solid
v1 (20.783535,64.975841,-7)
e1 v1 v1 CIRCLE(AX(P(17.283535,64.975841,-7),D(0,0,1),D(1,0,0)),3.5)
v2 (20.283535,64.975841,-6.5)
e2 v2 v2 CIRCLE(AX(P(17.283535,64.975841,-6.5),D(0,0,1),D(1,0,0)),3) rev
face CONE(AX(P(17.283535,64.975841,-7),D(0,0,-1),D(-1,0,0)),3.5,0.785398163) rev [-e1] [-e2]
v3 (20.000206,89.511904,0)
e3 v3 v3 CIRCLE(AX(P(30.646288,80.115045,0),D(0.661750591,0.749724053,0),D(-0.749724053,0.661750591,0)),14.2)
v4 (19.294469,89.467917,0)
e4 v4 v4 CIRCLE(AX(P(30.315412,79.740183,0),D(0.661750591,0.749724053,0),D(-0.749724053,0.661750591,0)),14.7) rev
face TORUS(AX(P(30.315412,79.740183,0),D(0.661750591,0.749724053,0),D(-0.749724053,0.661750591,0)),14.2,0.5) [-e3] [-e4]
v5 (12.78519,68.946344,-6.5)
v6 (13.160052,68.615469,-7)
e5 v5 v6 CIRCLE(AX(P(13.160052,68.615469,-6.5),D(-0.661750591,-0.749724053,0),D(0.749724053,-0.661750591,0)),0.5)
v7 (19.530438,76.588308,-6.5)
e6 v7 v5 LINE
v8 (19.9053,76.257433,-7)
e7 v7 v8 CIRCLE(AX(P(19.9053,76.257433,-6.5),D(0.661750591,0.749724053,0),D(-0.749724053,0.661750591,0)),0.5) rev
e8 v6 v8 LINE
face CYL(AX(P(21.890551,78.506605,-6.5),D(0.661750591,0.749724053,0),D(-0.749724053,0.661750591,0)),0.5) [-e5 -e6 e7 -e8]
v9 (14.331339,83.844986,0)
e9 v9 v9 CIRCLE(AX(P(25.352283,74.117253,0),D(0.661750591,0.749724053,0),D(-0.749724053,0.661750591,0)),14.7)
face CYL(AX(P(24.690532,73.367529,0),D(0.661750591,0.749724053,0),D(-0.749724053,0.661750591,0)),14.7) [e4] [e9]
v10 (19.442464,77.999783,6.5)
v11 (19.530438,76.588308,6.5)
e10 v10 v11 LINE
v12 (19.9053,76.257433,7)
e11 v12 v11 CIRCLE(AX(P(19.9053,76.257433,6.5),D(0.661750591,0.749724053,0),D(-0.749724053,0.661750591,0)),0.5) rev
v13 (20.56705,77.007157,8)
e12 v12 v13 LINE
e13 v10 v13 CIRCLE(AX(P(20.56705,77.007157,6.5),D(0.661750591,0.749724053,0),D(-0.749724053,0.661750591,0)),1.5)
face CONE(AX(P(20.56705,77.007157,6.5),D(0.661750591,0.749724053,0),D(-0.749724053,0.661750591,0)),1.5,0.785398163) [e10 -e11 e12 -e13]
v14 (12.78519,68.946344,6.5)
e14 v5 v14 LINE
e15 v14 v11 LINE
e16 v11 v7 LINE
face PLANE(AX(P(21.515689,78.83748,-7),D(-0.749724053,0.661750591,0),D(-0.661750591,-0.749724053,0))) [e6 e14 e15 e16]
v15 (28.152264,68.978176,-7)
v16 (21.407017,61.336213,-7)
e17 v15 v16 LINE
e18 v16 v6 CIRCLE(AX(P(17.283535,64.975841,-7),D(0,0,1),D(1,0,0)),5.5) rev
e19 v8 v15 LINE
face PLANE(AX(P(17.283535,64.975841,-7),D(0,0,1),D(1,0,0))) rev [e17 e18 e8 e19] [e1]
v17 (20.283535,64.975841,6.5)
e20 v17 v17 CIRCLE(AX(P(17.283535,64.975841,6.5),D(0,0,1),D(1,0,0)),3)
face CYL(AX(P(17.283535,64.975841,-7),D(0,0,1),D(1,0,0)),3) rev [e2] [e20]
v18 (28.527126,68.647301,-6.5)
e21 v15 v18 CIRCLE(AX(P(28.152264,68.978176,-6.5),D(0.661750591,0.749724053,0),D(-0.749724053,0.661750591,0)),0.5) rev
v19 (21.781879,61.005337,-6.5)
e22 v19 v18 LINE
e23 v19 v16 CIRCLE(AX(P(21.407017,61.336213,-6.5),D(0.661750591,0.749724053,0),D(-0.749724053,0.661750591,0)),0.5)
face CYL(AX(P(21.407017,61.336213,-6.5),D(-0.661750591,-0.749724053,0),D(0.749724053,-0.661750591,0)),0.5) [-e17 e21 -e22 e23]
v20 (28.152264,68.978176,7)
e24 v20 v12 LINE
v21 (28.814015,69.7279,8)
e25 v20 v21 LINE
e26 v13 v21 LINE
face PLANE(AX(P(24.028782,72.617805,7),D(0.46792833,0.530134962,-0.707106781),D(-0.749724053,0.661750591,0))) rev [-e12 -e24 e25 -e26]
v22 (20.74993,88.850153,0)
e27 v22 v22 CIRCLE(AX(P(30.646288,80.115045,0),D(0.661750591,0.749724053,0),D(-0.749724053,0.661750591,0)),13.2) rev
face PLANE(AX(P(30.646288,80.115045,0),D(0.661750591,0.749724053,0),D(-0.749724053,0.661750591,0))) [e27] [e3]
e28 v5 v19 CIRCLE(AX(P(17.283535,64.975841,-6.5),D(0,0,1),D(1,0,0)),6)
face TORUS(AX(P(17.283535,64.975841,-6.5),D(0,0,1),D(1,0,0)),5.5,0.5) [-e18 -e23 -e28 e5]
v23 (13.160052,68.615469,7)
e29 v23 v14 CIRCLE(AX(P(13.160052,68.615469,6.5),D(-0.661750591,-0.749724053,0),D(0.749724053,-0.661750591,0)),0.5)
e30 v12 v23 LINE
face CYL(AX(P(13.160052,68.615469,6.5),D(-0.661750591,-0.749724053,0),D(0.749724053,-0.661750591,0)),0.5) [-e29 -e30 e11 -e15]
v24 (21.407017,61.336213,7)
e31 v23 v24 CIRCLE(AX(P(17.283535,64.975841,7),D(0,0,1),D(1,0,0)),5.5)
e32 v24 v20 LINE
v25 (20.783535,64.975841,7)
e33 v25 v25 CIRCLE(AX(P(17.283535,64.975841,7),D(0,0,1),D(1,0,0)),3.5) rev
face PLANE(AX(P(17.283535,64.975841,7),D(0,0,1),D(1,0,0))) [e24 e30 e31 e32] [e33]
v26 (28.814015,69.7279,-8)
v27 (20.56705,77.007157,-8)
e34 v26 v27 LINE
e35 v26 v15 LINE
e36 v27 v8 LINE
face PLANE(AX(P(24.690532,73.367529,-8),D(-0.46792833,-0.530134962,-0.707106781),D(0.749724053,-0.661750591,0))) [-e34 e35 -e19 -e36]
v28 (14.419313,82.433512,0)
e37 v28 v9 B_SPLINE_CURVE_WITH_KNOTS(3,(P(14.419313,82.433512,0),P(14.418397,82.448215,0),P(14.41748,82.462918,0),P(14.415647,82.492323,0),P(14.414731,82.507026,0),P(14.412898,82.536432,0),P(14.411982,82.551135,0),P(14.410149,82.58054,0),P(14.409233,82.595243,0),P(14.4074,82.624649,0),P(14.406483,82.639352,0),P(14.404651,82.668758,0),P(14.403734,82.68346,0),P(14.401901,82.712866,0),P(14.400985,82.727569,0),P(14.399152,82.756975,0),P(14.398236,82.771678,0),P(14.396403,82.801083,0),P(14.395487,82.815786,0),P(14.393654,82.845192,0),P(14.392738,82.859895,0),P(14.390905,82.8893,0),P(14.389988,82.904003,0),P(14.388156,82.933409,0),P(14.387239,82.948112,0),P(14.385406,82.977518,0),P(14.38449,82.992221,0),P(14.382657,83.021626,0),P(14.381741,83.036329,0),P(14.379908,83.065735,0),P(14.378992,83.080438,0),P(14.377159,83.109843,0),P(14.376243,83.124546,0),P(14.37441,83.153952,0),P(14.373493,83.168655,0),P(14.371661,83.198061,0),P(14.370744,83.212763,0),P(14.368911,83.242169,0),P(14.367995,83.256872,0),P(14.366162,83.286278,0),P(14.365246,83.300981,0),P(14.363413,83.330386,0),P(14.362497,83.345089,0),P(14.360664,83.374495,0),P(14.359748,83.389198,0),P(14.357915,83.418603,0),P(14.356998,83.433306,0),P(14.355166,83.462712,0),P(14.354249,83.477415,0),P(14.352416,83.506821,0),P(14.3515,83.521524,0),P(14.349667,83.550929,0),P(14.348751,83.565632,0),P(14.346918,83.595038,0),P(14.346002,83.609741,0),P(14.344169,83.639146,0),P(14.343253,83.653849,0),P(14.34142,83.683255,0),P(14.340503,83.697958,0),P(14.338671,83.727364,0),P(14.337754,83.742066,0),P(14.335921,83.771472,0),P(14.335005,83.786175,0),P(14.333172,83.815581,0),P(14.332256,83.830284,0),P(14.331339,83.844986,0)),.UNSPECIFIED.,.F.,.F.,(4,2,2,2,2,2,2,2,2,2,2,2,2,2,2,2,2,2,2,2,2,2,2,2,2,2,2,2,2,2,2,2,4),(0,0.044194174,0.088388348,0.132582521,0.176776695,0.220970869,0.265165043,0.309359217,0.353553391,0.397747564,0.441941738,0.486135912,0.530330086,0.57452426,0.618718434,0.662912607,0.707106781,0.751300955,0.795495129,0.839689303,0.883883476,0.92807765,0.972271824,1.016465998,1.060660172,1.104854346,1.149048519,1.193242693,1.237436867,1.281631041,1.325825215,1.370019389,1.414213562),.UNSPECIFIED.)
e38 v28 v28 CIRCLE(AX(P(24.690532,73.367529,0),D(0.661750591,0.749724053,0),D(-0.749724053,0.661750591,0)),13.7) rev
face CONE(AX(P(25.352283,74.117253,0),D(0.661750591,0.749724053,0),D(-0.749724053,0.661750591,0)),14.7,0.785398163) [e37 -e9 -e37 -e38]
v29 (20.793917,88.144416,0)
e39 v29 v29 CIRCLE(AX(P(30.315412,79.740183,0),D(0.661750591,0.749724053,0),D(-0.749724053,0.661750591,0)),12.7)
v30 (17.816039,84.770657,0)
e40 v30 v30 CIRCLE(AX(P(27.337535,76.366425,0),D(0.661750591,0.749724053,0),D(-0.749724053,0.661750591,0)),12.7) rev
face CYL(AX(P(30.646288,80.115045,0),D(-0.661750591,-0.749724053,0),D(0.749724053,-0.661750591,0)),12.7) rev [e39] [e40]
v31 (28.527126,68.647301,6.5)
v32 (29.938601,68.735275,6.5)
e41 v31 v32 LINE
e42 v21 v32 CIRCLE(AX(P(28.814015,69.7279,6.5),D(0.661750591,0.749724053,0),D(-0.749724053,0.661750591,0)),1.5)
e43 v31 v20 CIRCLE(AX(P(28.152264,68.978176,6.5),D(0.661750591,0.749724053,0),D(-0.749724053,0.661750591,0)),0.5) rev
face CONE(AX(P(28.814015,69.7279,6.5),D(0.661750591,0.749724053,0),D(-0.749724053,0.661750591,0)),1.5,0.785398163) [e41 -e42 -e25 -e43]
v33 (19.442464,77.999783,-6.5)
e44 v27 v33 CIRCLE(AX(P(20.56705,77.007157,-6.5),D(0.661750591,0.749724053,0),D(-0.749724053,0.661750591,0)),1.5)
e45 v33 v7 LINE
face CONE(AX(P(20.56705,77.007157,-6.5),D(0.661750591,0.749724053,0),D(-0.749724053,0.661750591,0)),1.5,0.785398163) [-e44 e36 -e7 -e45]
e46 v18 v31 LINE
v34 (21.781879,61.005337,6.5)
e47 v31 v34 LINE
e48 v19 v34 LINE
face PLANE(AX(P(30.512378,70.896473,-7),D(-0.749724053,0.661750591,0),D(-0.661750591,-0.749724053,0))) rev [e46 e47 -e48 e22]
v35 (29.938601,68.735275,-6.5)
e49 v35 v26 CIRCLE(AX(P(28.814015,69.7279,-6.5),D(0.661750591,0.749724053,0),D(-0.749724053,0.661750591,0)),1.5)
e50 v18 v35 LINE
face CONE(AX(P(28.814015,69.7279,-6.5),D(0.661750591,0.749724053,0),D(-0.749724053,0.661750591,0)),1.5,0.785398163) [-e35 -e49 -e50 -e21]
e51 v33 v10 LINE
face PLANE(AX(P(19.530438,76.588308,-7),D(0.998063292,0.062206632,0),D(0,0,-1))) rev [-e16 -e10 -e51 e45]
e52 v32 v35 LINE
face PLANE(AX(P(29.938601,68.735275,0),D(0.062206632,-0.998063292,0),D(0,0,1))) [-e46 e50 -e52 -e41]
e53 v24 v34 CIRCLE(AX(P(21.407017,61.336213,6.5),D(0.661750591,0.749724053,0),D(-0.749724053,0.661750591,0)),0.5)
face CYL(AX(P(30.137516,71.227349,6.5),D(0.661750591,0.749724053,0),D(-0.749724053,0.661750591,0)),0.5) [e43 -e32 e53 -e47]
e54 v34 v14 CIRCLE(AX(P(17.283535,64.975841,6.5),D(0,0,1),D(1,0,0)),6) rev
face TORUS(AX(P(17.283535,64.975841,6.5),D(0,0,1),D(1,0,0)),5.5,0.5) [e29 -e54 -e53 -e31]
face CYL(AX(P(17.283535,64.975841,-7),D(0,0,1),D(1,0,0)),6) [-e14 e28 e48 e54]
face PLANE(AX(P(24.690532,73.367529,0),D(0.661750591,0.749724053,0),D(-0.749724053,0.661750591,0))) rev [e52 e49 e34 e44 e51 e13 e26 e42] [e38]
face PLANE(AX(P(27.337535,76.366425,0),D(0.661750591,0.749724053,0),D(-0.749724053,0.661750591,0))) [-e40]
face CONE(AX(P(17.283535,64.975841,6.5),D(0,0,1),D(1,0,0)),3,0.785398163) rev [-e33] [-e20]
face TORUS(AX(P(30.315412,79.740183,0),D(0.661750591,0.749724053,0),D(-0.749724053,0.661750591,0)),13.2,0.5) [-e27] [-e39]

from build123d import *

# Parameters (mm, degrees)
BOSS_EXTRUDE1_DEPTH      = 7
BOSS_EXTRUDE1_DEPTH_BACK = 7
SKETCH2_R                = 3.0000000000000018
BOSS_EXTRUDE2_DEPTH      = 2
BOSS_EXTRUDE2_DEPTH_BACK = 2
SKETCH3_R                = 14.700000000000001
BOSS_EXTRUDE3_START      = 5
SKETCH4_R                = 14.700000000000001
SKETCH4_R_2              = 12.699999999999998
BOSS_EXTRUDE3_DEPTH      = 5
FILLET2_R                = 0.5
FILLET4_R                = 0.5
CHAMFER1_SIZE            = 0.5
CHAMFER2_SIZE            = 1


with BuildPart() as part:
    # Sketch2 → Boss-Extrude1 (new, two sides: drawn at the far end of the back side and taken through both)
    with BuildSketch(Plane.XY.offset(-BOSS_EXTRUDE1_DEPTH_BACK)):
        with BuildLine():
            Line((30.512377936980783, 70.89647327651264), (21.781878923827843, 61.0053372557492))
            ThreePointArc((21.781878923827843, 61.0053372557492), (13.313031061350836, 60.477496482202135), (12.78519028780376, 68.94634434467913))
            Line((12.78519028780376, 68.94634434467913), (21.51568930095671, 78.83748036544256))
            Line((21.51568930095671, 78.83748036544256), (30.512377936980783, 70.89647327651264))
        make_face()
        with Locations((17.283534605815802, 64.97584080021417)):
            Circle(SKETCH2_R, mode=Mode.SUBTRACT)
    extrude(amount=BOSS_EXTRUDE1_DEPTH + BOSS_EXTRUDE1_DEPTH_BACK)

    # Sketch3 → Boss-Extrude2 (add, two sides: drawn at the far end of the back side and taken through both)
    with BuildSketch(Plane(origin=(48.53568375746082, 54.98804239970119, 0), x_dir=(0.7497240530020064, -0.66175059074416, 0), z_dir=(0.66175059074416, 0.7497240530020064, 0)).offset(-BOSS_EXTRUDE2_DEPTH_BACK)):
        with Locations((-30.039919418767553, 0)):
            Circle(SKETCH3_R)
    extrude(amount=BOSS_EXTRUDE2_DEPTH + BOSS_EXTRUDE2_DEPTH_BACK)

    # Sketch4 → Boss-Extrude3 (add)
    with BuildSketch(Plane(origin=(49.85918493894915, 56.48749050570521, 0), x_dir=(0.7497240530020064, -0.66175059074416, 0), z_dir=(0.66175059074416, 0.7497240530020064, 0)).offset(BOSS_EXTRUDE3_START)):
        with Locations((-30.03991941876756, 0)):
            Circle(SKETCH4_R)
        with Locations((-30.03991941876756, 0)):
            Circle(SKETCH4_R_2, mode=Mode.SUBTRACT)
    extrude(amount=-BOSS_EXTRUDE3_DEPTH)

    # Fillet2
    fillet2_edges = [part.edges().sort_by_distance(p)[0] for p in [
        (21.12479228105238, 88.51927769444247, -1.56e-15),
        (19.62534417504836, 89.84277887593079, -1.8e-15),
    ]]
    fillet(fillet2_edges, radius=FILLET2_R)

    # Fillet4
    fillet4_edges = [part.edges().sort_by_distance(p)[0] for p in [
        (25.48537783966015, 65.2011812131289, -7),
        (13.313031061350841, 60.47749648220213, -7),
        (16.488689203636067, 73.14218830205883, -7),
        (25.48537783966015, 65.2011812131289, 7),
        (13.313031061350841, 60.47749648220213, 7),
        (16.488689203636067, 73.14218830205883, 7),
    ]]
    fillet(fillet4_edges, radius=FILLET4_R)

    # Chamfer1
    chamfer1_edges = [part.edges().sort_by_distance(p)[0] for p in [
        (14.2835346058158, 64.97584080021417, 7),
        (14.2835346058158, 64.97584080021417, -7),
    ]]
    chamfer(chamfer1_edges, length=CHAMFER1_SIZE)

    # Chamfer2
    chamfer2_edges = [part.edges().sort_by_distance(p)[0] for p in [
        (20.301982665021182, 77.24112112915115, 6.853553390593271),
        (20.192188119468376, 77.33803225943853, -7e-17),
        (20.301982665021182, 77.24112112915115, -6.853553390593271),
        (24.690532437480417, 73.36752871497357, -7),
        (29.079082209939642, 69.493936300796, -6.853553390593275),
        (29.18887675549246, 69.39702517050861, -7e-17),
        (29.079082209939642, 69.493936300796, 6.853553390593275),
        (24.690532437480417, 73.36752871497357, 7),
        (13.66958885835092, 83.09526239891272, -1.8e-15),
    ]]
    chamfer(chamfer2_edges, length=CHAMFER2_SIZE)


solid = part.part
